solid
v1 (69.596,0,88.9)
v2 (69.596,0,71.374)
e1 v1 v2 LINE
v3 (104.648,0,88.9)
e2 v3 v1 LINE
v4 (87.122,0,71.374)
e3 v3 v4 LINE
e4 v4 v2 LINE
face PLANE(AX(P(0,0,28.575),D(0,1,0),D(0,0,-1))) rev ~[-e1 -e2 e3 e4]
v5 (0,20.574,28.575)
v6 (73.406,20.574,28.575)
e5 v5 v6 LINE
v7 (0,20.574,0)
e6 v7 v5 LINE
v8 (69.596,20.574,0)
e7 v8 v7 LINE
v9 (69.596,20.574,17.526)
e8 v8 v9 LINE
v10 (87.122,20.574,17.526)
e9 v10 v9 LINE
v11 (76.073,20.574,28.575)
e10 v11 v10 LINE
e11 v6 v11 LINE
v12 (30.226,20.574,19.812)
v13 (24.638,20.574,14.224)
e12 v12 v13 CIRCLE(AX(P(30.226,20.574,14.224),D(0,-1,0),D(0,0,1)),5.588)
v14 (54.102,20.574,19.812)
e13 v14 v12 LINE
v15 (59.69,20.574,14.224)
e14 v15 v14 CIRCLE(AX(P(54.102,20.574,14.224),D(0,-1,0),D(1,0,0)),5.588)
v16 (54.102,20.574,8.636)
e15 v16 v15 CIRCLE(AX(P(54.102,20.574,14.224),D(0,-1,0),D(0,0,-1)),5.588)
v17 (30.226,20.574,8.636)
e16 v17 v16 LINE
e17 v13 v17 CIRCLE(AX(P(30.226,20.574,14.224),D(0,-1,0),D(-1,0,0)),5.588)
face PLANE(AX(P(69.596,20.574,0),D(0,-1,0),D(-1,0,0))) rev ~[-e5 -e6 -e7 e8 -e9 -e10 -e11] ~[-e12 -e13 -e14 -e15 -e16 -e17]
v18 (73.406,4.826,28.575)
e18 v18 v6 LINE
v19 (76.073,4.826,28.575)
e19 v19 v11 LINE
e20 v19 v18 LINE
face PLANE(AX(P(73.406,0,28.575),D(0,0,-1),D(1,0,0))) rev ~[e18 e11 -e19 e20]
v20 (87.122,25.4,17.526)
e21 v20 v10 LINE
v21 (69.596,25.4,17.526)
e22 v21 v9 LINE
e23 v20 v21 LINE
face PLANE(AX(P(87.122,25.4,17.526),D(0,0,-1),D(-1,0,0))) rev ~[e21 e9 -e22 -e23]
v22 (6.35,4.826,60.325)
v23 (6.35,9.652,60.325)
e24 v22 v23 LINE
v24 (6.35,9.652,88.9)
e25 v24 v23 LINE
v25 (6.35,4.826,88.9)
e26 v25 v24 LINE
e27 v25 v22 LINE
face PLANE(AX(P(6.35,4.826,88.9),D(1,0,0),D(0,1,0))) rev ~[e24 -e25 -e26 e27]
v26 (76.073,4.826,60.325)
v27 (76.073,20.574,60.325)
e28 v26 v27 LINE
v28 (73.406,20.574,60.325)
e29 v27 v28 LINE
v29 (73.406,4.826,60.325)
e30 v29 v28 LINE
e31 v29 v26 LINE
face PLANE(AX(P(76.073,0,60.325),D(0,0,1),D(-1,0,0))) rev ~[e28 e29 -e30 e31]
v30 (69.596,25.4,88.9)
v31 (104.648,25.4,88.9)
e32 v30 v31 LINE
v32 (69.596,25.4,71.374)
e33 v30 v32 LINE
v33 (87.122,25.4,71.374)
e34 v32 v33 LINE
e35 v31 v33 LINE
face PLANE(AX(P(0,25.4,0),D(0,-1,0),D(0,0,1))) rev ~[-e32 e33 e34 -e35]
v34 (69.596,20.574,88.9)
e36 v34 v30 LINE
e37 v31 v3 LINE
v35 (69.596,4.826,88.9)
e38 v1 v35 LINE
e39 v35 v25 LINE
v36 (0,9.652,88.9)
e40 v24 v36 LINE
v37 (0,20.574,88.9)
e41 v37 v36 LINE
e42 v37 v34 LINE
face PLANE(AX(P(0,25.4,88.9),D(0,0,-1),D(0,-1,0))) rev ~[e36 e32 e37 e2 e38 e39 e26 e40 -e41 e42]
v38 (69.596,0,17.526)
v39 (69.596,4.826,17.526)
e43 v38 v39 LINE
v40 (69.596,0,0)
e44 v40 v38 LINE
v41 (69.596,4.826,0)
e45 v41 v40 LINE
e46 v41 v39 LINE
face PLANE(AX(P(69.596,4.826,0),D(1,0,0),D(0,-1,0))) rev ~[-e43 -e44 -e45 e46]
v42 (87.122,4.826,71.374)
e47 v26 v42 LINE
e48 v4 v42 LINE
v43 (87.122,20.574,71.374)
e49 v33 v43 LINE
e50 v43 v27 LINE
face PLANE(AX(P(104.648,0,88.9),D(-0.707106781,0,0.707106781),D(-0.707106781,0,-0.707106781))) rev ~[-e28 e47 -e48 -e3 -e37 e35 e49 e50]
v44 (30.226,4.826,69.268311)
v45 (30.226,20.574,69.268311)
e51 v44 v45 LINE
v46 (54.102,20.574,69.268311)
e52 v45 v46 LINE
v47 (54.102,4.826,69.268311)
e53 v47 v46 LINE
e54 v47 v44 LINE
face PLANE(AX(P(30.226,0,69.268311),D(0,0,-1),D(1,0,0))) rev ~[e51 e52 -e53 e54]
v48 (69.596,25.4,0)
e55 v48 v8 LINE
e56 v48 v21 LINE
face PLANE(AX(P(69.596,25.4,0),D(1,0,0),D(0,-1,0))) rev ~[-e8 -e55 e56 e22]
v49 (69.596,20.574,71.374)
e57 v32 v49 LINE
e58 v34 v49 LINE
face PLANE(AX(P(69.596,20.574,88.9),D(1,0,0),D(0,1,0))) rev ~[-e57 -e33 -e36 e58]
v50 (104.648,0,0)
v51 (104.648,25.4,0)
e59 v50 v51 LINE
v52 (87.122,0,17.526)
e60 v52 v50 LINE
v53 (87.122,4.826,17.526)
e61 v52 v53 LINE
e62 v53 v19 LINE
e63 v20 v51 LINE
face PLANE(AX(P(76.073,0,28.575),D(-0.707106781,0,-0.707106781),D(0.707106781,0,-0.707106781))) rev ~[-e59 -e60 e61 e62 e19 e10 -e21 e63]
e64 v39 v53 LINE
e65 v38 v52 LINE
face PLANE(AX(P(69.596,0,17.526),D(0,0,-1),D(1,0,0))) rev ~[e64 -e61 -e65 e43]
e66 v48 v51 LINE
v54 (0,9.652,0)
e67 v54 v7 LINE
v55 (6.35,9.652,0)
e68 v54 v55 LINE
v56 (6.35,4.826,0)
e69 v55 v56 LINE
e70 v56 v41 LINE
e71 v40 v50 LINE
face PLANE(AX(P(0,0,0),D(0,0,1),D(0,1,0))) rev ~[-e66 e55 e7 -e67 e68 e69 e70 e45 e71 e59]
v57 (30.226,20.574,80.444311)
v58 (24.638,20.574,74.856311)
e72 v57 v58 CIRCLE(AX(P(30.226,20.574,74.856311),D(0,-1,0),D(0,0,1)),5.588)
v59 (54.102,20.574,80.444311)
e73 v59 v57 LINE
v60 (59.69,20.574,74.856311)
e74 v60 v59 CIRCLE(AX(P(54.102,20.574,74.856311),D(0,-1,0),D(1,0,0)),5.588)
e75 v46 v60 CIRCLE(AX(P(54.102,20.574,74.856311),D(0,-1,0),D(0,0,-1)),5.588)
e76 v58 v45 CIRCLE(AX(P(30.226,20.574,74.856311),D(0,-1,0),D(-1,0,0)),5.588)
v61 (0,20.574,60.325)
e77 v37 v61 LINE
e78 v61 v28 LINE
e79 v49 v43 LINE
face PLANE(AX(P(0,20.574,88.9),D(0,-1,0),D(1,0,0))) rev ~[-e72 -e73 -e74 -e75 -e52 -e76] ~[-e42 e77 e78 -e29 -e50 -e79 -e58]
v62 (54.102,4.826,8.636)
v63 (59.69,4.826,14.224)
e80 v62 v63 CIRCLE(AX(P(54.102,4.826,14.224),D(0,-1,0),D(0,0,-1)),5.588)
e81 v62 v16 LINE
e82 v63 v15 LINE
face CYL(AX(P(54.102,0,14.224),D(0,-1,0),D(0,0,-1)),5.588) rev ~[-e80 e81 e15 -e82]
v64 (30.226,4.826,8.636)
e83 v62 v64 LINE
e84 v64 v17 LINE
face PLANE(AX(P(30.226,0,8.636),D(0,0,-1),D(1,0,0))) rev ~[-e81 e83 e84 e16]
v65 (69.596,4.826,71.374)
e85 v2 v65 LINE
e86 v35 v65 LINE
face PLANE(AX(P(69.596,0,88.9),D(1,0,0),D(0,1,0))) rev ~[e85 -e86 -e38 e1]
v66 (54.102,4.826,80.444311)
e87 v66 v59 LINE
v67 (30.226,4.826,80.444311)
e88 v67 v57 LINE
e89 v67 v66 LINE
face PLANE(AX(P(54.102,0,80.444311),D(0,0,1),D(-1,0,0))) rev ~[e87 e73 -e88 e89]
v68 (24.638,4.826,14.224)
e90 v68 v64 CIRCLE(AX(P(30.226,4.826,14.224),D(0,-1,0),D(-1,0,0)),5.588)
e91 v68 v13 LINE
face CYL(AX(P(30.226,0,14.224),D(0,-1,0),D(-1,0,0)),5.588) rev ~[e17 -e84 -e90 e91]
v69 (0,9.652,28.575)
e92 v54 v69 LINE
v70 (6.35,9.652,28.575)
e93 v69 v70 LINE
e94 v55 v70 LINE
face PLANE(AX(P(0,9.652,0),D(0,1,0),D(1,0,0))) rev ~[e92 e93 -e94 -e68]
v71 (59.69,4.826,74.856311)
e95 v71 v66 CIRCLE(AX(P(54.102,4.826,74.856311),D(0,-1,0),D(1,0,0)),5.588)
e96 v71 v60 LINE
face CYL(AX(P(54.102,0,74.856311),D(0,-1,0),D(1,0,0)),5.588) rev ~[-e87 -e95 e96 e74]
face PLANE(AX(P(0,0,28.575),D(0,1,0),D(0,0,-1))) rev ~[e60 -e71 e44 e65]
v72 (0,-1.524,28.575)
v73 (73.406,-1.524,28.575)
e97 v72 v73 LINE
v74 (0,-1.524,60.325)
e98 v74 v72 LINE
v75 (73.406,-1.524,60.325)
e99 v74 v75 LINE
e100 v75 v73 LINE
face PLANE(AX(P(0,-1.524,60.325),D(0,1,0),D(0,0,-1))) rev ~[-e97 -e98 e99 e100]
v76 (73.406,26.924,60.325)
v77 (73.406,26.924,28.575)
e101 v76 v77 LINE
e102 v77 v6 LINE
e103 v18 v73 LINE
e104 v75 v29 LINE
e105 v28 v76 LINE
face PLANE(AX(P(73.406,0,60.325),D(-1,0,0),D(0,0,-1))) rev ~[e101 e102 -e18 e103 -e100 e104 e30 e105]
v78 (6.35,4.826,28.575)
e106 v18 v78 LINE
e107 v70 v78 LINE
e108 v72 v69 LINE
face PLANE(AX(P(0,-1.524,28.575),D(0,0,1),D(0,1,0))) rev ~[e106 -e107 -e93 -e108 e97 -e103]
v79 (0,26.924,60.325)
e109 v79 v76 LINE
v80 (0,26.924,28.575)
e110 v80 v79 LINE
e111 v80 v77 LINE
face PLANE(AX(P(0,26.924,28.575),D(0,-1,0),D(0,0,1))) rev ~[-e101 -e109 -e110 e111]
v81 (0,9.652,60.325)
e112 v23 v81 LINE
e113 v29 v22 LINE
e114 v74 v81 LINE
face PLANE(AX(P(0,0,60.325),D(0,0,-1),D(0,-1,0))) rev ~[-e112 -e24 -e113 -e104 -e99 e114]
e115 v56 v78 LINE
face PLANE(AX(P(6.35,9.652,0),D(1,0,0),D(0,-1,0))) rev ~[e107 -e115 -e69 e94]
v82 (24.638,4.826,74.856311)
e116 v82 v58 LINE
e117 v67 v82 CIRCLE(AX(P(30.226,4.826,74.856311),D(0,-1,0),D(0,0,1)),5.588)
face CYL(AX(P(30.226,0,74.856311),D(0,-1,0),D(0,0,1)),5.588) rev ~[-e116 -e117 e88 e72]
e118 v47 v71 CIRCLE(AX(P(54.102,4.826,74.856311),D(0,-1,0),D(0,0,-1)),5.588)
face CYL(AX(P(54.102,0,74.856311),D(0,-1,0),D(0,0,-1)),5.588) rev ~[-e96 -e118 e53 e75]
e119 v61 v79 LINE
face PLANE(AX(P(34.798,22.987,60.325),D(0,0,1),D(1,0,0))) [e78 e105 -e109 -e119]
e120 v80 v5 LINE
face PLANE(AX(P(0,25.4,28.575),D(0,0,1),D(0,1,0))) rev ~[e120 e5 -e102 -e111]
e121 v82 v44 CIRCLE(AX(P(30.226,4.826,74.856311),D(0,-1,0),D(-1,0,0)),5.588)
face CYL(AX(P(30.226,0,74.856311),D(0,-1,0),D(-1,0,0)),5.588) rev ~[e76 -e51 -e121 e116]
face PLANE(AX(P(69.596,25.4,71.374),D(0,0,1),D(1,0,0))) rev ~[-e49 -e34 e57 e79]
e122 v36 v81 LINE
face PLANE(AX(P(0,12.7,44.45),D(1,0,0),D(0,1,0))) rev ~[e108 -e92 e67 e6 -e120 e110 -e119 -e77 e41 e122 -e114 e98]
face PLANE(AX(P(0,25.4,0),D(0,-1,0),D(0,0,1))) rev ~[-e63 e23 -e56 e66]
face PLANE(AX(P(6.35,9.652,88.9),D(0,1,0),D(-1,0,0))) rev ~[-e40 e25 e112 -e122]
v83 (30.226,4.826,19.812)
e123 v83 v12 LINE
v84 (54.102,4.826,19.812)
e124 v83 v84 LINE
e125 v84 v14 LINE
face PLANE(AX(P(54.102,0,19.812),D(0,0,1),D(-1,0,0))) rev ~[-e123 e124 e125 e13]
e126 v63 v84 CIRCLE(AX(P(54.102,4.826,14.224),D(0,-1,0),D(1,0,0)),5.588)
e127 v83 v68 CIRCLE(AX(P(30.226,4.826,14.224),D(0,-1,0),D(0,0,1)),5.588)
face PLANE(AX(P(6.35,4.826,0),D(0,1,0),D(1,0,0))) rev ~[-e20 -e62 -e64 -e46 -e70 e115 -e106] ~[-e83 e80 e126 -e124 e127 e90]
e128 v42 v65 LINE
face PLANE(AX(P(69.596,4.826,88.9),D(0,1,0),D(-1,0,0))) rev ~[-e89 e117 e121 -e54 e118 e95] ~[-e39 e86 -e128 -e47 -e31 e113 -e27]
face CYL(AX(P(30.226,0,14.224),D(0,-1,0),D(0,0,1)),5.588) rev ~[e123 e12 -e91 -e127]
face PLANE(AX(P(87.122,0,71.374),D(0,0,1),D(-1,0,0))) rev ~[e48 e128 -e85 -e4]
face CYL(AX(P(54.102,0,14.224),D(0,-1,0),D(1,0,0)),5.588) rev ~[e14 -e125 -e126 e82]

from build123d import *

# Parameters (mm, degrees)
F1_DEPTH  = 104.648
F2_W      = 69.596
F2_H      = 4.826
F3_DEPTH  = 28.575
F2_W_2    = 31.242
F2_H_2    = 1.524
F4_DEPTH  = 88.9
F6_DEPTH  = 28.575
F8_DEPTH  = 26.925
F9_DEPTH  = 4.826
F11_DEPTH = 4.826
F13_DEPTH = 26.925


with BuildPart() as f1:
    # F0 (on Right) → F1 (new body)
    with BuildSketch(Plane.YZ):
        Polygon((0, 28.575), (0, 0), (25.4, 0), (25.4, 28.575), (26.924, 28.575), (26.924, 60.325), (25.4, 60.325), (25.4, 88.9), (0, 88.9), (0, 60.325), (-1.524, 60.325), (-1.524, 28.575), align=None)
    extrude(amount=F1_DEPTH)

    # F2 (on face) → F3 (cut)
    with BuildSketch(Plane.XY.offset(88.9)):
        with Locations((34.798, 22.987)):
            Rectangle(F2_W, F2_H)
        Polygon((0, 4.826), (0, 0), (69.596, 0), (69.596, 4.826), (6.35, 4.826), (6.35, 9.652), (0, 9.652), align=None)
    extrude(amount=-F3_DEPTH, mode=Mode.SUBTRACT)

    # F2 (on face) → F4 (cut)
    with BuildSketch(Plane.XY.offset(88.9)):
        with Locations((89.027, 26.162)):
            Rectangle(F2_W_2, F2_H_2)
        with Locations((89.027, -0.762)):
            Rectangle(F2_W_2, F2_H_2)
    extrude(amount=-F4_DEPTH, mode=Mode.SUBTRACT)

    # F5 (on face) → F6 (cut)
    with BuildSketch(Plane(origin=(0, 0, 0), x_dir=(1, 0, 0), z_dir=(0, 0, -1))):
        Polygon((6.35, -9.652), (6.35, -4.826), (69.596, -4.826), (69.596, 0), (73.406, 0), (73.406, 1.524), (0, 1.524), (0, -9.652), align=None)
        Polygon((69.596, -20.574), (0, -20.574), (0, -26.924), (73.406, -26.924), (73.406, -25.4), (69.596, -25.4), align=None)
    extrude(amount=-F6_DEPTH, mode=Mode.SUBTRACT)

    # F7 (on face) → F8 (cut, through all)
    with BuildSketch(Plane.XZ):
        Polygon((104.648, 44.45), (104.648, 88.9), (87.122, 71.374), (76.073, 60.325), (73.406, 60.325), (73.406, 44.45), align=None)
        Polygon((104.648, 0), (104.648, 44.45), (73.406, 44.45), (73.406, 28.575), (76.073, 28.575), (87.122, 17.526), align=None)
    extrude(amount=-F8_DEPTH, mode=Mode.SUBTRACT)

    # F7 (on face) → F9 (cut)
    with BuildSketch(Plane.XZ):
        Polygon((76.073, 60.325), (87.122, 71.374), (69.596, 71.374), (69.596, 60.325), (73.406, 60.325), align=None)
        Polygon((69.596, 17.526), (87.122, 17.526), (76.073, 28.575), (73.406, 28.575), (69.596, 28.575), align=None)
    extrude(amount=-F9_DEPTH, mode=Mode.SUBTRACT)

    # F10 (on face) → F11 (cut)
    with BuildSketch(Plane(origin=(0, 25.4, 0), x_dir=(-1, 0, 0), z_dir=(0, 1, 0))):
        Polygon((-69.596, 60.325), (-69.596, 71.374), (-87.122, 71.374), (-76.073, 60.325), (-73.406, 60.325), align=None)
        Polygon((-69.596, 17.526), (-69.596, 28.575), (-73.406, 28.575), (-76.073, 28.575), (-87.122, 17.526), align=None)
    extrude(amount=-F11_DEPTH, mode=Mode.SUBTRACT)

    # F12 (on face) → F13 (cut, through all)
    with BuildSketch(Plane.XZ):
        with BuildLine():
            ThreePointArc((30.226, 19.812), (26.2746873067, 18.1753126933), (24.638, 14.224))
            Line((24.638, 14.224), (30.226, 14.224))
            Line((30.226, 14.224), (35.814, 14.224))
            ThreePointArc((35.814, 14.224), (34.1773126933, 18.1753126933), (30.226, 19.812))
        make_face()
        with BuildLine():
            Line((30.226, 14.224), (24.638, 14.224))
            ThreePointArc((24.638, 14.224), (26.2746873067, 10.2726873067), (30.226, 8.636))
            ThreePointArc((30.226, 8.636), (34.1773126933, 10.2726873067), (35.814, 14.224))
            Line((35.814, 14.224), (30.226, 14.224))
        make_face()
        with BuildLine():
            Line((54.102, 19.812), (30.226, 19.812))
            ThreePointArc((30.226, 19.812), (34.1773126933, 18.1753126933), (35.814, 14.224))
            Line((35.814, 14.224), (48.514, 14.224))
            ThreePointArc((48.514, 14.224), (50.1506873067, 18.1753126933), (54.102, 19.812))
        make_face()
        with BuildLine():
            ThreePointArc((35.814, 14.224), (34.1773126933, 10.2726873067), (30.226, 8.636))
            Line((30.226, 8.636), (54.102, 8.636))
            ThreePointArc((54.102, 8.636), (50.1506873067, 10.2726873067), (48.514, 14.224))
            Line((48.514, 14.224), (35.814, 14.224))
        make_face()
        with BuildLine():
            ThreePointArc((59.69, 14.224), (58.0533126933, 18.1753126933), (54.102, 19.812))
            ThreePointArc((54.102, 19.812), (50.1506873067, 18.1753126933), (48.514, 14.224))
            Line((48.514, 14.224), (59.69, 14.224))
        make_face()
        with BuildLine():
            ThreePointArc((48.514, 14.224), (50.1506873067, 10.2726873067), (54.102, 8.636))
            ThreePointArc((54.102, 8.636), (58.0533126933, 10.2726873067), (59.69, 14.224))
            Line((59.69, 14.224), (48.514, 14.224))
        make_face()
        with BuildLine():
            Line((48.514, 74.856311358), (59.69, 74.856311358))
            ThreePointArc((59.69, 74.856311358), (58.0533126933, 78.8076240512), (54.102, 80.444311358))
            ThreePointArc((54.102, 80.444311358), (50.1506873067, 78.8076240512), (48.514, 74.856311358))
        make_face()
        with BuildLine():
            ThreePointArc((54.102, 69.268311358), (58.0533126933, 70.9049986647), (59.69, 74.856311358))
            Line((59.69, 74.856311358), (48.514, 74.856311358))
            ThreePointArc((48.514, 74.856311358), (50.1506873067, 70.9049986647), (54.102, 69.268311358))
        make_face()
        with BuildLine():
            ThreePointArc((48.514, 74.856311358), (50.1506873067, 78.8076240512), (54.102, 80.444311358))
            Line((54.102, 80.444311358), (30.226, 80.444311358))
            ThreePointArc((30.226, 80.444311358), (34.1773126933, 78.8076240512), (35.814, 74.856311358))
            Line((35.814, 74.856311358), (48.514, 74.856311358))
        make_face()
        with BuildLine():
            Line((30.226, 69.268311358), (54.102, 69.268311358))
            ThreePointArc((54.102, 69.268311358), (50.1506873067, 70.9049986647), (48.514, 74.856311358))
            Line((48.514, 74.856311358), (35.814, 74.856311358))
            ThreePointArc((35.814, 74.856311358), (34.1773126933, 70.9049986647), (30.226, 69.268311358))
        make_face()
        with BuildLine():
            ThreePointArc((35.814, 74.856311358), (34.1773126933, 78.8076240512), (30.226, 80.444311358))
            ThreePointArc((30.226, 80.444311358), (26.2746873067, 78.8076240512), (24.638, 74.856311358))
            Line((24.638, 74.856311358), (35.814, 74.856311358))
        make_face()
        with BuildLine():
            ThreePointArc((24.638, 74.856311358), (26.2746873067, 70.9049986647), (30.226, 69.268311358))
            ThreePointArc((30.226, 69.268311358), (34.1773126933, 70.9049986647), (35.814, 74.856311358))
            Line((35.814, 74.856311358), (24.638, 74.856311358))
        make_face()
    extrude(amount=-F13_DEPTH, mode=Mode.SUBTRACT)


solid = f1.part
